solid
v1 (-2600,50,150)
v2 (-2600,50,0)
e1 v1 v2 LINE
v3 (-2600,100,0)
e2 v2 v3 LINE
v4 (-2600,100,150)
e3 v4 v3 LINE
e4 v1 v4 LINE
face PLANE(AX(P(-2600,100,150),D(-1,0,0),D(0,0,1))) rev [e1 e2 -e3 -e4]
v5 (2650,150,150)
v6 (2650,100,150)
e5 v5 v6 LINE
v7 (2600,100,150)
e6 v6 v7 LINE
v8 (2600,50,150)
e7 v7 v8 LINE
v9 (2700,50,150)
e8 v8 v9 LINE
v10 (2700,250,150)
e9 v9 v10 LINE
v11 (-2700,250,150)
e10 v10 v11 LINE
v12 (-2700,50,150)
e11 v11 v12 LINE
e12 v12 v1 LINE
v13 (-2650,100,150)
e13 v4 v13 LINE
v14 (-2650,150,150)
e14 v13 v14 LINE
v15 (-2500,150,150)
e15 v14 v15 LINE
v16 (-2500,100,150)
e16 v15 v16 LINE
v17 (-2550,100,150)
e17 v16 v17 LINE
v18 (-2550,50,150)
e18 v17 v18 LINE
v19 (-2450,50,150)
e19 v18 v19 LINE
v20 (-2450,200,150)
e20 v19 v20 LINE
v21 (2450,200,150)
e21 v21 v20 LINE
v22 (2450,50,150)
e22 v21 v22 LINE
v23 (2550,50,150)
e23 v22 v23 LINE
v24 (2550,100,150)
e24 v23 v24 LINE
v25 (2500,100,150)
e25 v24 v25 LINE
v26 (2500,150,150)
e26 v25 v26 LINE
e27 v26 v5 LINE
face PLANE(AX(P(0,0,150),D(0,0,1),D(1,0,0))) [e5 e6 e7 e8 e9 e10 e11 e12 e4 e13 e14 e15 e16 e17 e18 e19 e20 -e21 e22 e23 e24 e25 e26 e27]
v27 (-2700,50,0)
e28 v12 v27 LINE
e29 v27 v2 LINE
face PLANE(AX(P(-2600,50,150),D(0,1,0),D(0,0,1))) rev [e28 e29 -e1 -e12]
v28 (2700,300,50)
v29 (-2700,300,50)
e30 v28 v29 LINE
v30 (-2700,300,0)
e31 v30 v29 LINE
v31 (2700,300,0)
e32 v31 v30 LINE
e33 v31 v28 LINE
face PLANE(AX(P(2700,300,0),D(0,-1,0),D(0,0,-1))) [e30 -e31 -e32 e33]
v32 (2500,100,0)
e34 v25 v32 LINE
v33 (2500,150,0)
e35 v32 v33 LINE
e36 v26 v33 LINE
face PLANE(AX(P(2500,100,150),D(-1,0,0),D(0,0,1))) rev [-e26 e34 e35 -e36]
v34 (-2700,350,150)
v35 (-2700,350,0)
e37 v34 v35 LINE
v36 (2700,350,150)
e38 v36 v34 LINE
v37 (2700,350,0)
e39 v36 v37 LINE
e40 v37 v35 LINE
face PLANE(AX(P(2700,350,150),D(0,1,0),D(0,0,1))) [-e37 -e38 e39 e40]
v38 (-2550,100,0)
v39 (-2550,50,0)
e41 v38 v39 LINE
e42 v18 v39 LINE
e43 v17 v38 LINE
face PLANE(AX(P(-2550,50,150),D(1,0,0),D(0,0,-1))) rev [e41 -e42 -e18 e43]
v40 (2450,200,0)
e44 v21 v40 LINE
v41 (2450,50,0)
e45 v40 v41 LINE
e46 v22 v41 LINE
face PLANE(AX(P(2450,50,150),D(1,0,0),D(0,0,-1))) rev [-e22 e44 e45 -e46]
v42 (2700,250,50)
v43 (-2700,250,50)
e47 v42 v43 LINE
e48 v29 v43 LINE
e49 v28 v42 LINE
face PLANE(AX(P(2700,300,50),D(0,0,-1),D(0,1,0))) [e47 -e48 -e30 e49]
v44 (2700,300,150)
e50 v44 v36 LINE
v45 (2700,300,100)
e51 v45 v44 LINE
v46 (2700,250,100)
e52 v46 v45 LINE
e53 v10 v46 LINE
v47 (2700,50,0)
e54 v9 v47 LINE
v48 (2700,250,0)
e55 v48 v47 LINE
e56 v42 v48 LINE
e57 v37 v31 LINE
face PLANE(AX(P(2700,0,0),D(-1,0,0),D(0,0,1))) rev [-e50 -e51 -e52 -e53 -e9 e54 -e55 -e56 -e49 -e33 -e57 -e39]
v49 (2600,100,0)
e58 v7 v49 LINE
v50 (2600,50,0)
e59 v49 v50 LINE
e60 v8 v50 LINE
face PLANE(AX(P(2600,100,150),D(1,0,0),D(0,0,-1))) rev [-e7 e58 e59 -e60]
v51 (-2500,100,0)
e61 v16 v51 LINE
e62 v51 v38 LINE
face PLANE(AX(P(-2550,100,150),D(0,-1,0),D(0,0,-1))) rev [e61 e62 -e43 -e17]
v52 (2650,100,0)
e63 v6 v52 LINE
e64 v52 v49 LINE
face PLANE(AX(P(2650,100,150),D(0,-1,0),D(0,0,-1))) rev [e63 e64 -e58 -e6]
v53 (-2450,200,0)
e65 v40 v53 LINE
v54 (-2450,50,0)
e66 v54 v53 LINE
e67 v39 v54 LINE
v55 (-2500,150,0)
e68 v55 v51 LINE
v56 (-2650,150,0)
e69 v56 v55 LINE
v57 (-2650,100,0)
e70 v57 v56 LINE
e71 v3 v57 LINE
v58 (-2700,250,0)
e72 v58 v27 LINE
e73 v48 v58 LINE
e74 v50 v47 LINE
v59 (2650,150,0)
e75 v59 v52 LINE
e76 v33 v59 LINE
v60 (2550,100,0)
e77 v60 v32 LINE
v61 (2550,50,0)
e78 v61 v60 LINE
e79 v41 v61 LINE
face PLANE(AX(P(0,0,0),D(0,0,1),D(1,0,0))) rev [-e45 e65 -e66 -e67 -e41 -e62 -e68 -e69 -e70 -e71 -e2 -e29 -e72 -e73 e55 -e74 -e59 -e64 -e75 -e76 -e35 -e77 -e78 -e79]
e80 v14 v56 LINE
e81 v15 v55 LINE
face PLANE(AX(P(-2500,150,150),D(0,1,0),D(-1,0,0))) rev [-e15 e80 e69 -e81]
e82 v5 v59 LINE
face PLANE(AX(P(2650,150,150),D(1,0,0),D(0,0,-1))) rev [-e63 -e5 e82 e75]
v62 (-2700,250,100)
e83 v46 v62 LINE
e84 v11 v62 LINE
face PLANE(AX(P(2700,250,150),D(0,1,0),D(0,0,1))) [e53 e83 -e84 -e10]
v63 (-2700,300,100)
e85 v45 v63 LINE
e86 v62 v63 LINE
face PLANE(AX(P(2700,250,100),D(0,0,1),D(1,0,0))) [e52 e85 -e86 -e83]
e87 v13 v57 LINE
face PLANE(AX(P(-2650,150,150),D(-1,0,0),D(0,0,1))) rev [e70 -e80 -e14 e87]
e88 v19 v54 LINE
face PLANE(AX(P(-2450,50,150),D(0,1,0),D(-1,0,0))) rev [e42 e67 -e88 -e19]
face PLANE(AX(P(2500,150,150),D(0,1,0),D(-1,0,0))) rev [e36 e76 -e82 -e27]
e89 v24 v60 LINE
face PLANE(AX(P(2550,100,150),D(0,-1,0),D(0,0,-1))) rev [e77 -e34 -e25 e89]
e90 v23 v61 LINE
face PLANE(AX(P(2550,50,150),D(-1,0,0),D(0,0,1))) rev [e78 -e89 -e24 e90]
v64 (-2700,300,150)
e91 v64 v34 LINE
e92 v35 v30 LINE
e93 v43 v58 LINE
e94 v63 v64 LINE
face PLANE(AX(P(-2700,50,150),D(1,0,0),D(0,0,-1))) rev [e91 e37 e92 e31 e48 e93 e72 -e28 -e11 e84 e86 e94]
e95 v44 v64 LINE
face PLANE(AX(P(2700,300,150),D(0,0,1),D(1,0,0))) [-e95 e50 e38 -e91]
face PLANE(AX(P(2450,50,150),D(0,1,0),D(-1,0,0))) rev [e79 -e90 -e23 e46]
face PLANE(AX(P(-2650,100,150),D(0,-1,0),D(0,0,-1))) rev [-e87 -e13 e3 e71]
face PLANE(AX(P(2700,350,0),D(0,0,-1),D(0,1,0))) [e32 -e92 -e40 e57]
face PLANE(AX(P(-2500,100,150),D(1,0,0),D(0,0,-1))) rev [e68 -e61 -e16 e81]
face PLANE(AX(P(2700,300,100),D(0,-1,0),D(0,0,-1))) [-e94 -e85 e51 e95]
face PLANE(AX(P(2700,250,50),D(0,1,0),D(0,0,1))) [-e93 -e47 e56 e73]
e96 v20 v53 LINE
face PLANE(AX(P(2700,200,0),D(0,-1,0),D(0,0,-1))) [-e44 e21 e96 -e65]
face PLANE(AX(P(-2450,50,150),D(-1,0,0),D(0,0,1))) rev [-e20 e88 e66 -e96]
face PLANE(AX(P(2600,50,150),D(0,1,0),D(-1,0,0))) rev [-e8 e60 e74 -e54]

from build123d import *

# Parameters (mm, degrees)
BOSS_EXTRUDE1_DEPTH   = 150
BOSS_EXTRUDE1_2_DEPTH = 150
BOSS_EXTRUDE2_DEPTH   = 5400


with BuildPart() as part:
    # Sketch4 → Boss-Extrude1 (new body)
    with BuildSketch(Plane.XY):
        Polygon((-2550, 50), (-2550, 100), (-2500, 100), (-2500, 150), (-2650, 150), (-2650, 100), (-2600, 100), (-2600, 50), (-2700, 50), (-2700, 200), (-2450, 200), (-2450, 50), align=None)
    extrude(amount=BOSS_EXTRUDE1_DEPTH)



with BuildPart() as body_2:
    # Sketch4 → Boss-Extrude1 2 (new body)
    with BuildSketch(Plane.XY):
        Polygon((2600, 50), (2700, 50), (2700, 200), (2450, 200), (2450, 50), (2550, 50), (2550, 100), (2500, 100), (2500, 150), (2650, 150), (2650, 100), (2600, 100), align=None)
    extrude(amount=BOSS_EXTRUDE1_2_DEPTH)


with BuildPart() as part_1:
    add(part.part)

    add(body_2.part)  # Boss-Extrude2 merges body 2
    # Sketch5 → Boss-Extrude2 (add)
    with BuildSketch(Plane.ZY.offset(2700)):
        Polygon((0, 200), (150, 200), (150, 250), (100, 250), (100, 300), (150, 300), (150, 350), (0, 350), (0, 300), (50, 300), (50, 250), (0, 250), align=None)
    extrude(amount=-BOSS_EXTRUDE2_DEPTH)


solid = part_1.part
